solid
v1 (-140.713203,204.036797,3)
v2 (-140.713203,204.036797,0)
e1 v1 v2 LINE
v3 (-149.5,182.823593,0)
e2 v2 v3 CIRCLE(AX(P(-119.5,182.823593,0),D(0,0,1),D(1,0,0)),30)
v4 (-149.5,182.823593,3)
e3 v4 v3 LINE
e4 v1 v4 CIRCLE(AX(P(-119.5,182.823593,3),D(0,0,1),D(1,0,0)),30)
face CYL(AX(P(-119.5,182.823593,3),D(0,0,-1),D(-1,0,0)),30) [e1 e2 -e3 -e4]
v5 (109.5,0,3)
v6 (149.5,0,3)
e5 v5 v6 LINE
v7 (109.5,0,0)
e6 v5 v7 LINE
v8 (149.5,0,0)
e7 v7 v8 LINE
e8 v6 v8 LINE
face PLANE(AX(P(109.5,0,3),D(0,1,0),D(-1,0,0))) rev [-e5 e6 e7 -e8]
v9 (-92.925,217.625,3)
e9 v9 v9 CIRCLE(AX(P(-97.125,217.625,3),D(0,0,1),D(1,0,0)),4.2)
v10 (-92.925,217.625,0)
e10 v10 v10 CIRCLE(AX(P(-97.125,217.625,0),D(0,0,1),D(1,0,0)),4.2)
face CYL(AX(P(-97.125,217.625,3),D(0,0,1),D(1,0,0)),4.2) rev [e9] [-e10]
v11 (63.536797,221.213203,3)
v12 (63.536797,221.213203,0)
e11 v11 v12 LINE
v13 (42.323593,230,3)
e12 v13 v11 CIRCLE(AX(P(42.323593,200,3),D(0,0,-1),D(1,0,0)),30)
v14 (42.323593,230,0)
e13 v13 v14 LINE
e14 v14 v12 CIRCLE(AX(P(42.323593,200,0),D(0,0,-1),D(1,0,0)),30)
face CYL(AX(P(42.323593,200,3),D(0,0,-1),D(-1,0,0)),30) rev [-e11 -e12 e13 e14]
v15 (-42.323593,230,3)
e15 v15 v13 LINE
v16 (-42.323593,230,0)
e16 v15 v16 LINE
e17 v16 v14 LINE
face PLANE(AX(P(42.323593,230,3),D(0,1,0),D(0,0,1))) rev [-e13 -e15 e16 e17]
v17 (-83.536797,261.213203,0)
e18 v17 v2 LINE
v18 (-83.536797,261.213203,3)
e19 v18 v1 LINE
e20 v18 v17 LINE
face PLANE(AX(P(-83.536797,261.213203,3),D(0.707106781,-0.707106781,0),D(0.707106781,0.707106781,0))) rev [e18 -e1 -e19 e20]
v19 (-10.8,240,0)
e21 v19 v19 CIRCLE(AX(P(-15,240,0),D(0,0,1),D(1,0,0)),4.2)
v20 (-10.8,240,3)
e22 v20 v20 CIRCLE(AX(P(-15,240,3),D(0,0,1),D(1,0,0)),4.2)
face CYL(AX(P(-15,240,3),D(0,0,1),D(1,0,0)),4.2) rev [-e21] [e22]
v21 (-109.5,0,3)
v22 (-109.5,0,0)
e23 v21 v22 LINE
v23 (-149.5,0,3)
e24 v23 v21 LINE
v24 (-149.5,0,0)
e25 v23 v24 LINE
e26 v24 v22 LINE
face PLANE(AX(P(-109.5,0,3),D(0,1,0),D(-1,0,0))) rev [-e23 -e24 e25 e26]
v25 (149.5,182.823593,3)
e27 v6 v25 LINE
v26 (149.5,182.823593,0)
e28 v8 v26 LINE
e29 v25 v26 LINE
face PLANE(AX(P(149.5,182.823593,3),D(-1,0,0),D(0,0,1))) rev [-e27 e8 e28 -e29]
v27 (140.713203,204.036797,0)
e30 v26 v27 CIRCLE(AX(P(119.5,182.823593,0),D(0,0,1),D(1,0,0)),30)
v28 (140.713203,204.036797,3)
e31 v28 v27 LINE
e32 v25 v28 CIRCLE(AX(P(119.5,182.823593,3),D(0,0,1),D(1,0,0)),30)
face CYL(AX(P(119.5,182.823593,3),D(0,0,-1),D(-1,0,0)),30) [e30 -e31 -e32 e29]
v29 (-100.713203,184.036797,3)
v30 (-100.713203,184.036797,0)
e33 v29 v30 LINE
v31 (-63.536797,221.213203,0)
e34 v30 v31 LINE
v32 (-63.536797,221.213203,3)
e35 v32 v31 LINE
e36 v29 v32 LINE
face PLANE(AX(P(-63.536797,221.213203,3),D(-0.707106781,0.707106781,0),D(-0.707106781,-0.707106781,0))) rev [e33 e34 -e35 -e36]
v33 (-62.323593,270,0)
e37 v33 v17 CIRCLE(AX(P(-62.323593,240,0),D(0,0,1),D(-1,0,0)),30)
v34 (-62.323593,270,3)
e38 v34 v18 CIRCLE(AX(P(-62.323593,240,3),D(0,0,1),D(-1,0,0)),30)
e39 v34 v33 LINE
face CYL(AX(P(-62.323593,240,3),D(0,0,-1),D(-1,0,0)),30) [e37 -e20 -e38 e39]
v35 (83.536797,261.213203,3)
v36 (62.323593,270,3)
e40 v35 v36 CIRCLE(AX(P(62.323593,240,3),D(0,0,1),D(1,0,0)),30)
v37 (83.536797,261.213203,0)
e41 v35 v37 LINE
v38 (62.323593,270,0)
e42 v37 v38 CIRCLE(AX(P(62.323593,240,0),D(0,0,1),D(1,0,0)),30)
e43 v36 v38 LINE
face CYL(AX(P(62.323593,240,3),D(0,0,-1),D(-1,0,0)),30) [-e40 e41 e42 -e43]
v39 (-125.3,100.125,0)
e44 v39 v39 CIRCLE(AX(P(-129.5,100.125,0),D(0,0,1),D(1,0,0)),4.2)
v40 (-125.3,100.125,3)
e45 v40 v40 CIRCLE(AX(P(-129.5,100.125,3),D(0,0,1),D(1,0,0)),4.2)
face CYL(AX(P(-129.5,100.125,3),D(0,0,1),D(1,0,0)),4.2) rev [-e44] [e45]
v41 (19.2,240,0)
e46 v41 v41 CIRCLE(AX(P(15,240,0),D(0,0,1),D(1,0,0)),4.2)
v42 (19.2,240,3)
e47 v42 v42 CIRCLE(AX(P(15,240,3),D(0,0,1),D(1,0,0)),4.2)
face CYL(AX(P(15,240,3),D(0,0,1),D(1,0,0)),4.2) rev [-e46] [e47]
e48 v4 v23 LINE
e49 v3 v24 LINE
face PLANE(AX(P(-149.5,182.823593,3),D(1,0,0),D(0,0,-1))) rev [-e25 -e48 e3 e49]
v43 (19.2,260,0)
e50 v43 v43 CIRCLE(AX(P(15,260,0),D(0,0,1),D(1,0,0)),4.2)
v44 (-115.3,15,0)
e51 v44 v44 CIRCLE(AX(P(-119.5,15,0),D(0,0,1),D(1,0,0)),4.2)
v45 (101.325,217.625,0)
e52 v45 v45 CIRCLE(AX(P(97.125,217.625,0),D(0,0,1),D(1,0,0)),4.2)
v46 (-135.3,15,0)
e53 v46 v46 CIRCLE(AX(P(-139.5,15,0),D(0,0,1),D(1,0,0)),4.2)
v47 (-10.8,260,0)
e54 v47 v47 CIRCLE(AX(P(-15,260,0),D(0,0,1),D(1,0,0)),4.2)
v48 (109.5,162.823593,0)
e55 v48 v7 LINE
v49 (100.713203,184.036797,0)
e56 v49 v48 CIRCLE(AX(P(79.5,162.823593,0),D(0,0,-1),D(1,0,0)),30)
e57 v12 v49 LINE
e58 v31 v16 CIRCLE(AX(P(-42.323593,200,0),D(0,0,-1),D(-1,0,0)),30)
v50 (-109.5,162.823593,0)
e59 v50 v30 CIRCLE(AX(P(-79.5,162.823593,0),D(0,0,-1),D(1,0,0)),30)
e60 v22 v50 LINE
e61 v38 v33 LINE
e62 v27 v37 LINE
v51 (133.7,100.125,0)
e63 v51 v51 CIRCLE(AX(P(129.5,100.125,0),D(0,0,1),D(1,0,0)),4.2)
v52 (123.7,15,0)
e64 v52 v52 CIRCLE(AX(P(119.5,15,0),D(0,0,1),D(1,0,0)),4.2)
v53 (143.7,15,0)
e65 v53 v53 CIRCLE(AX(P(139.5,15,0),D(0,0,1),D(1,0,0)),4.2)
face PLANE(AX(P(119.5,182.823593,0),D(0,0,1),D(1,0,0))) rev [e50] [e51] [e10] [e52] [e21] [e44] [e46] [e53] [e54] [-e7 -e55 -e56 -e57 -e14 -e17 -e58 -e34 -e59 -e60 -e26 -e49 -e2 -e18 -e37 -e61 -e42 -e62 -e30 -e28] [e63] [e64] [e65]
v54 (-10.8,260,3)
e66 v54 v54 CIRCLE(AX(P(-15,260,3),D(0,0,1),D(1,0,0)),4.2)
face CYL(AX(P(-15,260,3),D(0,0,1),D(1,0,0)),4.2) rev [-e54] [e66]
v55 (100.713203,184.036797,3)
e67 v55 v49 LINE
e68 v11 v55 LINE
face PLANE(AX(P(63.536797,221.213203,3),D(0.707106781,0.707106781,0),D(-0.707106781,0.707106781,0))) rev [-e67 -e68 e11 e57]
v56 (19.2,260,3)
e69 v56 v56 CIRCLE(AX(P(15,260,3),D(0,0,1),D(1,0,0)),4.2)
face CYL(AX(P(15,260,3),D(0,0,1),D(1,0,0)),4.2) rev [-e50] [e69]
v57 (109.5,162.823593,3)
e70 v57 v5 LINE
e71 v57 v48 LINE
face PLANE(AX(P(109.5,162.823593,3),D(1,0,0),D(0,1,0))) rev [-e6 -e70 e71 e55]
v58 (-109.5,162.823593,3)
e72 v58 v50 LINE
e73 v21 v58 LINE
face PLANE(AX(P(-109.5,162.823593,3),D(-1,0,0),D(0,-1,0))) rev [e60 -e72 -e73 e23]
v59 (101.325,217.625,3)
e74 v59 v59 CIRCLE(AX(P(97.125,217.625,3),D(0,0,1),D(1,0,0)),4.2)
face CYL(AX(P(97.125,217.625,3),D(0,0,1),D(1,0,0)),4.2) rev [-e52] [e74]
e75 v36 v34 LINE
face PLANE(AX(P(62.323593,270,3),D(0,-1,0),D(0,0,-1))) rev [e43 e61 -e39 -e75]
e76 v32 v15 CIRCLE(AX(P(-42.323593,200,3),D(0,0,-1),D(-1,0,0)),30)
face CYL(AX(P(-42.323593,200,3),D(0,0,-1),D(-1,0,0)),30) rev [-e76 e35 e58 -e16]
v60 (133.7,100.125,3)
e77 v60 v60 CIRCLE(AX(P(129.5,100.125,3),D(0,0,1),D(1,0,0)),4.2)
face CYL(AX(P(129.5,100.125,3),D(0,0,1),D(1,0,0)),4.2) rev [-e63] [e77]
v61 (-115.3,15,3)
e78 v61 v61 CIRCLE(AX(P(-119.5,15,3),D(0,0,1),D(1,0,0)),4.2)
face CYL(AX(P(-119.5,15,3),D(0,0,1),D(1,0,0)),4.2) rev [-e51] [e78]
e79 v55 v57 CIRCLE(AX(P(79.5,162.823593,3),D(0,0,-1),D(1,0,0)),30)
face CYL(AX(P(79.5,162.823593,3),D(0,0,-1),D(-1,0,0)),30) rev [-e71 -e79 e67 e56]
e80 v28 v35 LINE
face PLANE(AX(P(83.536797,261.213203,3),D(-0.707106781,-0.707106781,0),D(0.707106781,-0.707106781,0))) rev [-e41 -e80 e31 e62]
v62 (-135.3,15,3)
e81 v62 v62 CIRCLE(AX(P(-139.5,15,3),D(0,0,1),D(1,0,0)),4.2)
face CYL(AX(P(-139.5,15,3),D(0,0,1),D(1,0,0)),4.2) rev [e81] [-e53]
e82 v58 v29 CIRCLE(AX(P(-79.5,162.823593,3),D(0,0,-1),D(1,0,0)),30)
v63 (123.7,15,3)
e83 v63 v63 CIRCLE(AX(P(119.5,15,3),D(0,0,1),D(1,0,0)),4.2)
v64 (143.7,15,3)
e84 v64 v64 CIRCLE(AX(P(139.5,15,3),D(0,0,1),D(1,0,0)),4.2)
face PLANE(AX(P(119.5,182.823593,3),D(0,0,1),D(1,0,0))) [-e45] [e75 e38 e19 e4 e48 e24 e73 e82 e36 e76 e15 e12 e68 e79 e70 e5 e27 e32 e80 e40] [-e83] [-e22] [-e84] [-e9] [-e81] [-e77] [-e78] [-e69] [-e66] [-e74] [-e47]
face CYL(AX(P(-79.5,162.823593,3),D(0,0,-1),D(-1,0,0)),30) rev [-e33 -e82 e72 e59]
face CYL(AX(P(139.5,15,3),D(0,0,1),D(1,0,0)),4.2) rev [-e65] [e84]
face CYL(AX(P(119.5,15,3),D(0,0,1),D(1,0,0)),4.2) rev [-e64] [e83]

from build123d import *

# Parameters (mm, degrees)
SALIENTE_EXTRUIR1_DEPTH      = 3
TALADRO_DE_MARGEN_PARA_M81_D = 8.4


with BuildPart() as part:
    # Croquis1 → Saliente-Extruir1 (new body)
    with BuildSketch(Plane.XY):
        with BuildLine():
            Line((-63.536796564, 221.213203436), (-100.713203436, 184.036796564))
            ThreePointArc((-100.713203436, 184.036796564), (-107.216385975, 174.3040961), (-109.5, 162.823593129))
            Line((-109.5, 162.823593129), (-109.5, 0))
            Line((-109.5, 0), (-149.5, 0))
            Line((-149.5, 0), (-149.5, 182.823593129))
            ThreePointArc((-149.5, 182.823593129), (-147.216385975, 194.3040961), (-140.713203436, 204.036796564))
            Line((-140.713203436, 204.036796564), (-83.536796564, 261.213203436))
            ThreePointArc((-83.536796564, 261.213203436), (-73.8040961, 267.716385975), (-62.323593129, 270))
            Line((-62.323593129, 270), (62.323593129, 270))
            ThreePointArc((62.323593129, 270), (73.8040961, 267.716385975), (83.536796564, 261.213203436))
            Line((83.536796564, 261.213203436), (140.713203436, 204.036796564))
            ThreePointArc((140.713203436, 204.036796564), (147.216385975, 194.3040961), (149.5, 182.823593129))
            Line((149.5, 182.823593129), (149.5, 0))
            Line((149.5, 0), (109.5, 0))
            Line((109.5, 0), (109.5, 162.823593129))
            ThreePointArc((109.5, 162.823593129), (107.216385975, 174.3040961), (100.713203436, 184.036796564))
            Line((100.713203436, 184.036796564), (63.536796564, 221.213203436))
            ThreePointArc((63.536796564, 221.213203436), (53.8040961, 227.716385975), (42.323593129, 230))
            Line((42.323593129, 230), (-42.323593129, 230))
            ThreePointArc((-42.323593129, 230), (-53.8040961, 227.716385975), (-63.536796564, 221.213203436))
        make_face()
    extrude(amount=SALIENTE_EXTRUIR1_DEPTH)

    # Taladro de margen para M81 (through all)
    with Locations(Plane.XY.offset(3)):
        with Locations((-119.5, 15), (-139.5, 15), (0, 15), (139.5, 15), (-15, 260), (-15, 240), (15, 240), (15, 260), (-129.5, 100.125), (-97.125, 217.625), (129.5, 100.125), (97.125, 217.625), (119.5, 15)):
            Hole(TALADRO_DE_MARGEN_PARA_M81_D / 2)


solid = part.part
